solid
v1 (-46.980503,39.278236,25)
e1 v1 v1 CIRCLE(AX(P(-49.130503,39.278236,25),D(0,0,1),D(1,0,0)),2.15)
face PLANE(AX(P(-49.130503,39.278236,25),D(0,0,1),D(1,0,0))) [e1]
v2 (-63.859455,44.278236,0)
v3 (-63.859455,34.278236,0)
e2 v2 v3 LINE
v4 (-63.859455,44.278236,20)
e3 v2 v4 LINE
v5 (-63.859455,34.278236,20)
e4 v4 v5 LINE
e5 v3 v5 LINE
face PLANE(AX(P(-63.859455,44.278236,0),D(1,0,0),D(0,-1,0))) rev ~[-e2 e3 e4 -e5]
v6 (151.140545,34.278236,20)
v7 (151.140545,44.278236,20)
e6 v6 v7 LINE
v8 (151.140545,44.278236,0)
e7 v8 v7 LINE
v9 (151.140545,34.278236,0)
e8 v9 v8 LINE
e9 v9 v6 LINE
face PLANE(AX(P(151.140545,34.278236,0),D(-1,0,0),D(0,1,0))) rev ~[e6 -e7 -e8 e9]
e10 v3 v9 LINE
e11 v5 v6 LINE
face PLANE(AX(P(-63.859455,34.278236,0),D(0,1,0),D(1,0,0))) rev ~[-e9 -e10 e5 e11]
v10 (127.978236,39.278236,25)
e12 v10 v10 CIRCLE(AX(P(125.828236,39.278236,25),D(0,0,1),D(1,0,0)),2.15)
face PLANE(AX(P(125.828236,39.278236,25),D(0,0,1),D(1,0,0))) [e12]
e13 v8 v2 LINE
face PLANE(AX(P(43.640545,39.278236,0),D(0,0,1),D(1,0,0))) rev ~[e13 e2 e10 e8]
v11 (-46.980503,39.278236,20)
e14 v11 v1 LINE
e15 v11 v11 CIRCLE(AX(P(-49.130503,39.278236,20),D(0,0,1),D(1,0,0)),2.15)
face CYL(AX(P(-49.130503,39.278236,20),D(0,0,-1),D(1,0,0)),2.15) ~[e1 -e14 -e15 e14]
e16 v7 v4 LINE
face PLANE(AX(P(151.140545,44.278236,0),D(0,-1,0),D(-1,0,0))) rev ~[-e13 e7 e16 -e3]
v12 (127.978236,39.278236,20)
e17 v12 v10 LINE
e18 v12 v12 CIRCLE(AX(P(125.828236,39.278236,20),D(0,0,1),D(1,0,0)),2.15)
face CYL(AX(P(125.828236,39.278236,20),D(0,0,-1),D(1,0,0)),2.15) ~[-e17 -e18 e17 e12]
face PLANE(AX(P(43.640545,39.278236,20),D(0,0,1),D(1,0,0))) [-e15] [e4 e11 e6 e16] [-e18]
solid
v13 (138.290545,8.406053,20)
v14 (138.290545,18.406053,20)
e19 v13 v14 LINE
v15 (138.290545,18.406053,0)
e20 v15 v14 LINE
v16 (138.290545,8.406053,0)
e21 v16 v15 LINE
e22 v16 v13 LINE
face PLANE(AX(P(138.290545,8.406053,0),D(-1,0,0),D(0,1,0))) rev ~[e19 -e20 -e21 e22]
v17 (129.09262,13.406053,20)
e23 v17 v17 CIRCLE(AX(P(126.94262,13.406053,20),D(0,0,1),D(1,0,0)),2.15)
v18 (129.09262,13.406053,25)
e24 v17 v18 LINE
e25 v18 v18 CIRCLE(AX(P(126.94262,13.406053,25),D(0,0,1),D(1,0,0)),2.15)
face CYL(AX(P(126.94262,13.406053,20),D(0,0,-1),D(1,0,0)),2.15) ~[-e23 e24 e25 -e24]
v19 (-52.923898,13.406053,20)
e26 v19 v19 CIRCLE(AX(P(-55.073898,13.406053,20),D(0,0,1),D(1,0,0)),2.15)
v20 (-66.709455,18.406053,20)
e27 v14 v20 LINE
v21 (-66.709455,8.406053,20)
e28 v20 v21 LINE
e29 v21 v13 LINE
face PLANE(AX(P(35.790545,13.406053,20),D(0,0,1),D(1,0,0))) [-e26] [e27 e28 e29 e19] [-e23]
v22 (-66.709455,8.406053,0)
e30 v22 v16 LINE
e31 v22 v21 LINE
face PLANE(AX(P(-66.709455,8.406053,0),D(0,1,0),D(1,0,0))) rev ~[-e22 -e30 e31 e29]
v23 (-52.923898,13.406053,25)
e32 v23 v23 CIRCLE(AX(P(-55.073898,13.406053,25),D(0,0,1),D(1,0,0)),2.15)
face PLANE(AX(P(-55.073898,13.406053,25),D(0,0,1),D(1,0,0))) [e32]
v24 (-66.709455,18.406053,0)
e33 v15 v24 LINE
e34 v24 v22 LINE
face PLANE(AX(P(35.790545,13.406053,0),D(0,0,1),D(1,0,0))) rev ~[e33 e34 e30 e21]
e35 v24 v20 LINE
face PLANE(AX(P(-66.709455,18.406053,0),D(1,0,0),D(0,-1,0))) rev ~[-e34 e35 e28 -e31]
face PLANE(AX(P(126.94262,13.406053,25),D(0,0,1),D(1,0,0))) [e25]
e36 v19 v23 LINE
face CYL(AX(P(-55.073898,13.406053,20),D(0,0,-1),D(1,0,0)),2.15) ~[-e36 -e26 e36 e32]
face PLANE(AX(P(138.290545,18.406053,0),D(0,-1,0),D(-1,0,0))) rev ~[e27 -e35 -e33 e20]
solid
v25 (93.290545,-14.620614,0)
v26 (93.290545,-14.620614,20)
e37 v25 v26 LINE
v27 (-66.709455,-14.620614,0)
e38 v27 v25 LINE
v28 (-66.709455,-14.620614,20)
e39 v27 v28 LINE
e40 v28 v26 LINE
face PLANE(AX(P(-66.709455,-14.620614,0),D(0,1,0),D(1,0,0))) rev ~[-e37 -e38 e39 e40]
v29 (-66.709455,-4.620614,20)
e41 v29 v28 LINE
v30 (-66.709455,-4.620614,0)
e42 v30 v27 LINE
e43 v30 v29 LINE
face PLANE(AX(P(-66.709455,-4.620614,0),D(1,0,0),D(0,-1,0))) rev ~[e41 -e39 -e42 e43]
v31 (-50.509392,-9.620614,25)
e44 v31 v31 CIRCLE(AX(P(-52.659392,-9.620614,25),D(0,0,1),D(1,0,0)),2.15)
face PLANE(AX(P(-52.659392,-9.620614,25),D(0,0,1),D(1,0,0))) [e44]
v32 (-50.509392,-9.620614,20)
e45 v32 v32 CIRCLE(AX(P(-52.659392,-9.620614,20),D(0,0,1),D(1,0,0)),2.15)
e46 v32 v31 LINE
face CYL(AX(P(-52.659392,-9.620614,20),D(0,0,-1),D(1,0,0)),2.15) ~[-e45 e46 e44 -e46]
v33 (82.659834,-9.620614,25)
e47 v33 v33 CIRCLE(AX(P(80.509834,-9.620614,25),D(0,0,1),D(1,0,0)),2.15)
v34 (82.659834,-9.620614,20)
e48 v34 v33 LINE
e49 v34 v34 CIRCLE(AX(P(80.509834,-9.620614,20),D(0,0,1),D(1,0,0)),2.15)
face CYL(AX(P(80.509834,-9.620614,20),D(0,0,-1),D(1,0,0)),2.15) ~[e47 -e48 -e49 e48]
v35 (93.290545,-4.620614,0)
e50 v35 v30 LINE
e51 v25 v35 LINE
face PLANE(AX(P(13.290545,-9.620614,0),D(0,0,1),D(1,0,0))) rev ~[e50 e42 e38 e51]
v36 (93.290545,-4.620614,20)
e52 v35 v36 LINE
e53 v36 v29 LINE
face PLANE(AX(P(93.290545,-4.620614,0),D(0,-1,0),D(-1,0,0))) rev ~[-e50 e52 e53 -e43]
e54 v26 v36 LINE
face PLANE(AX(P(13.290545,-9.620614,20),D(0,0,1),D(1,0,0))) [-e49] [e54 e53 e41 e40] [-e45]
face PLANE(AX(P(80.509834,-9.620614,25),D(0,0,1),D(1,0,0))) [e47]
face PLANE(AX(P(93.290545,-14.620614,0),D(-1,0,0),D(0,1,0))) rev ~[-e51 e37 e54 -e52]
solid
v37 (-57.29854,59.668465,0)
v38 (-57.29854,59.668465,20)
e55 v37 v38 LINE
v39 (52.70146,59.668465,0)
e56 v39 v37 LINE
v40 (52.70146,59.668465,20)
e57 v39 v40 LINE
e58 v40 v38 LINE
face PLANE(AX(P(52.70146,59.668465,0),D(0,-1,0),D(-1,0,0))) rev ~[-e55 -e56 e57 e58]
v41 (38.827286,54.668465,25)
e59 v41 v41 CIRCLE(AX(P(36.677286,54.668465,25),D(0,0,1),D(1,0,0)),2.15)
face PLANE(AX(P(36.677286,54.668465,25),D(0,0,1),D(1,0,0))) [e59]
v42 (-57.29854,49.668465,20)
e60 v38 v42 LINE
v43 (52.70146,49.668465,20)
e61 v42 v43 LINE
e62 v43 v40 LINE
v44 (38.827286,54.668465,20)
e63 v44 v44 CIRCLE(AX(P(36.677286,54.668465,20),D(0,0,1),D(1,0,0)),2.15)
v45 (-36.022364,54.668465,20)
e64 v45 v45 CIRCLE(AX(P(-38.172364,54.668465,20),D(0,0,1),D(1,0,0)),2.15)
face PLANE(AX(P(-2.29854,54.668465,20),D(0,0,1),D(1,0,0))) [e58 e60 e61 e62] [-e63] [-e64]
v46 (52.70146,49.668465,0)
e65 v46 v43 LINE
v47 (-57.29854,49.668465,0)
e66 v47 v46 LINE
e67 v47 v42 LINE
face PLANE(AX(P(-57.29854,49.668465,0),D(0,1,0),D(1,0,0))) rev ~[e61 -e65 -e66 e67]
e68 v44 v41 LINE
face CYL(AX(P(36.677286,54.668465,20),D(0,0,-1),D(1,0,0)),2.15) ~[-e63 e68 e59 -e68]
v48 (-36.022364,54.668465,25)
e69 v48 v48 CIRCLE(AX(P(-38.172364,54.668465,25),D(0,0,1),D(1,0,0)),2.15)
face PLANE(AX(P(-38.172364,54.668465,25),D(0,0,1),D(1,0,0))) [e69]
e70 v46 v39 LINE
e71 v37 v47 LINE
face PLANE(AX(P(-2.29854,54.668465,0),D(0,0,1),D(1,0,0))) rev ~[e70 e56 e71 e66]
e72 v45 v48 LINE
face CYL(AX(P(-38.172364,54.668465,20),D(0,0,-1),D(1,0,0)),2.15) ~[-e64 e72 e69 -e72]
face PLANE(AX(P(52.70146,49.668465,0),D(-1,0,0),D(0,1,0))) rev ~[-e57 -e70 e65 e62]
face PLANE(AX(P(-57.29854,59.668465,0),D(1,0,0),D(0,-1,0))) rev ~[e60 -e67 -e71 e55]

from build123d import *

# Parameters (mm, degrees)
F1_DEPTH  = 20
F2_DEPTH  = 20
F3_R      = 2.15
F4_DEPTH  = 5
F5_R      = 2.15
F6_DEPTH  = 5
F7_R      = 2.15
F8_DEPTH  = 5
F9_R      = 2.15
F10_DEPTH = 5


with BuildPart() as f1:
    # F0 (on Top) → F1 (new body)
    with BuildSketch(Plane.XY):
        Polygon((-42.29854, 59.668465), (-57.29854, 59.668465), (-57.29854, 49.668465), (-42.29854, 49.668465), (38.570829, 49.668465), (52.70146, 49.668465), (52.70146, 59.668465), (37.70146, 59.668465), align=None)
    extrude(amount=F1_DEPTH)

    # F0 (on Top) → F2 (join)
    with BuildSketch(Plane.XY):
        Polygon((-42.29854, 59.668465), (-57.29854, 59.668465), (-57.29854, 49.668465), (-42.29854, 49.668465), (38.570829, 49.668465), (52.70146, 49.668465), (52.70146, 59.668465), (37.70146, 59.668465), align=None)
        Polygon((-48.859455, 44.278236), (-63.859455, 44.278236), (-63.859455, 34.278236), (-48.859455, 34.278236), (136.140545, 34.278236), (151.140545, 34.278236), (151.140545, 44.278236), (136.140545, 44.278236), align=None)
        Polygon((-51.709455, 18.406053), (-66.709455, 18.406053), (-66.709455, 8.406053), (138.290545, 8.406053), (138.290545, 13.406053), (138.290545, 18.406053), (123.290545, 18.406053), align=None)
        Polygon((-51.709455, -4.620614), (-66.709455, -4.620614), (-66.709455, -14.620614), (93.290545, -14.620614), (93.290545, -9.620614), (93.290545, -4.620614), (78.290545, -4.620614), align=None)
    extrude(amount=F2_DEPTH)

    # F3 (on face) → F4 (join)
    with BuildSketch(Plane.XY.offset(20)):
        with Locations((-38.172364, 54.668465)):
            Circle(F3_R)
        with Locations((36.677286, 54.668465)):
            Circle(F3_R)
    extrude(amount=F4_DEPTH)

    # F5 (on face) → F6 (join)
    with BuildSketch(Plane.XY.offset(20)):
        with Locations((-49.130503, 39.278236)):
            Circle(F5_R)
        with Locations((125.828236, 39.278236)):
            Circle(F5_R)
    extrude(amount=F6_DEPTH)

    # F7 (on face) → F8 (join)
    with BuildSketch(Plane.XY.offset(20)):
        with Locations((-55.073898, 13.406053)):
            Circle(F7_R)
        with Locations((126.94262, 13.406053)):
            Circle(F7_R)
    extrude(amount=F8_DEPTH)

    # F9 (on face) → F10 (join)
    with BuildSketch(Plane.XY.offset(20)):
        with Locations((-52.659392, -9.620614)):
            Circle(F9_R)
        with Locations((80.509834, -9.620614)):
            Circle(F9_R)
    extrude(amount=F10_DEPTH)


solid = f1.part
